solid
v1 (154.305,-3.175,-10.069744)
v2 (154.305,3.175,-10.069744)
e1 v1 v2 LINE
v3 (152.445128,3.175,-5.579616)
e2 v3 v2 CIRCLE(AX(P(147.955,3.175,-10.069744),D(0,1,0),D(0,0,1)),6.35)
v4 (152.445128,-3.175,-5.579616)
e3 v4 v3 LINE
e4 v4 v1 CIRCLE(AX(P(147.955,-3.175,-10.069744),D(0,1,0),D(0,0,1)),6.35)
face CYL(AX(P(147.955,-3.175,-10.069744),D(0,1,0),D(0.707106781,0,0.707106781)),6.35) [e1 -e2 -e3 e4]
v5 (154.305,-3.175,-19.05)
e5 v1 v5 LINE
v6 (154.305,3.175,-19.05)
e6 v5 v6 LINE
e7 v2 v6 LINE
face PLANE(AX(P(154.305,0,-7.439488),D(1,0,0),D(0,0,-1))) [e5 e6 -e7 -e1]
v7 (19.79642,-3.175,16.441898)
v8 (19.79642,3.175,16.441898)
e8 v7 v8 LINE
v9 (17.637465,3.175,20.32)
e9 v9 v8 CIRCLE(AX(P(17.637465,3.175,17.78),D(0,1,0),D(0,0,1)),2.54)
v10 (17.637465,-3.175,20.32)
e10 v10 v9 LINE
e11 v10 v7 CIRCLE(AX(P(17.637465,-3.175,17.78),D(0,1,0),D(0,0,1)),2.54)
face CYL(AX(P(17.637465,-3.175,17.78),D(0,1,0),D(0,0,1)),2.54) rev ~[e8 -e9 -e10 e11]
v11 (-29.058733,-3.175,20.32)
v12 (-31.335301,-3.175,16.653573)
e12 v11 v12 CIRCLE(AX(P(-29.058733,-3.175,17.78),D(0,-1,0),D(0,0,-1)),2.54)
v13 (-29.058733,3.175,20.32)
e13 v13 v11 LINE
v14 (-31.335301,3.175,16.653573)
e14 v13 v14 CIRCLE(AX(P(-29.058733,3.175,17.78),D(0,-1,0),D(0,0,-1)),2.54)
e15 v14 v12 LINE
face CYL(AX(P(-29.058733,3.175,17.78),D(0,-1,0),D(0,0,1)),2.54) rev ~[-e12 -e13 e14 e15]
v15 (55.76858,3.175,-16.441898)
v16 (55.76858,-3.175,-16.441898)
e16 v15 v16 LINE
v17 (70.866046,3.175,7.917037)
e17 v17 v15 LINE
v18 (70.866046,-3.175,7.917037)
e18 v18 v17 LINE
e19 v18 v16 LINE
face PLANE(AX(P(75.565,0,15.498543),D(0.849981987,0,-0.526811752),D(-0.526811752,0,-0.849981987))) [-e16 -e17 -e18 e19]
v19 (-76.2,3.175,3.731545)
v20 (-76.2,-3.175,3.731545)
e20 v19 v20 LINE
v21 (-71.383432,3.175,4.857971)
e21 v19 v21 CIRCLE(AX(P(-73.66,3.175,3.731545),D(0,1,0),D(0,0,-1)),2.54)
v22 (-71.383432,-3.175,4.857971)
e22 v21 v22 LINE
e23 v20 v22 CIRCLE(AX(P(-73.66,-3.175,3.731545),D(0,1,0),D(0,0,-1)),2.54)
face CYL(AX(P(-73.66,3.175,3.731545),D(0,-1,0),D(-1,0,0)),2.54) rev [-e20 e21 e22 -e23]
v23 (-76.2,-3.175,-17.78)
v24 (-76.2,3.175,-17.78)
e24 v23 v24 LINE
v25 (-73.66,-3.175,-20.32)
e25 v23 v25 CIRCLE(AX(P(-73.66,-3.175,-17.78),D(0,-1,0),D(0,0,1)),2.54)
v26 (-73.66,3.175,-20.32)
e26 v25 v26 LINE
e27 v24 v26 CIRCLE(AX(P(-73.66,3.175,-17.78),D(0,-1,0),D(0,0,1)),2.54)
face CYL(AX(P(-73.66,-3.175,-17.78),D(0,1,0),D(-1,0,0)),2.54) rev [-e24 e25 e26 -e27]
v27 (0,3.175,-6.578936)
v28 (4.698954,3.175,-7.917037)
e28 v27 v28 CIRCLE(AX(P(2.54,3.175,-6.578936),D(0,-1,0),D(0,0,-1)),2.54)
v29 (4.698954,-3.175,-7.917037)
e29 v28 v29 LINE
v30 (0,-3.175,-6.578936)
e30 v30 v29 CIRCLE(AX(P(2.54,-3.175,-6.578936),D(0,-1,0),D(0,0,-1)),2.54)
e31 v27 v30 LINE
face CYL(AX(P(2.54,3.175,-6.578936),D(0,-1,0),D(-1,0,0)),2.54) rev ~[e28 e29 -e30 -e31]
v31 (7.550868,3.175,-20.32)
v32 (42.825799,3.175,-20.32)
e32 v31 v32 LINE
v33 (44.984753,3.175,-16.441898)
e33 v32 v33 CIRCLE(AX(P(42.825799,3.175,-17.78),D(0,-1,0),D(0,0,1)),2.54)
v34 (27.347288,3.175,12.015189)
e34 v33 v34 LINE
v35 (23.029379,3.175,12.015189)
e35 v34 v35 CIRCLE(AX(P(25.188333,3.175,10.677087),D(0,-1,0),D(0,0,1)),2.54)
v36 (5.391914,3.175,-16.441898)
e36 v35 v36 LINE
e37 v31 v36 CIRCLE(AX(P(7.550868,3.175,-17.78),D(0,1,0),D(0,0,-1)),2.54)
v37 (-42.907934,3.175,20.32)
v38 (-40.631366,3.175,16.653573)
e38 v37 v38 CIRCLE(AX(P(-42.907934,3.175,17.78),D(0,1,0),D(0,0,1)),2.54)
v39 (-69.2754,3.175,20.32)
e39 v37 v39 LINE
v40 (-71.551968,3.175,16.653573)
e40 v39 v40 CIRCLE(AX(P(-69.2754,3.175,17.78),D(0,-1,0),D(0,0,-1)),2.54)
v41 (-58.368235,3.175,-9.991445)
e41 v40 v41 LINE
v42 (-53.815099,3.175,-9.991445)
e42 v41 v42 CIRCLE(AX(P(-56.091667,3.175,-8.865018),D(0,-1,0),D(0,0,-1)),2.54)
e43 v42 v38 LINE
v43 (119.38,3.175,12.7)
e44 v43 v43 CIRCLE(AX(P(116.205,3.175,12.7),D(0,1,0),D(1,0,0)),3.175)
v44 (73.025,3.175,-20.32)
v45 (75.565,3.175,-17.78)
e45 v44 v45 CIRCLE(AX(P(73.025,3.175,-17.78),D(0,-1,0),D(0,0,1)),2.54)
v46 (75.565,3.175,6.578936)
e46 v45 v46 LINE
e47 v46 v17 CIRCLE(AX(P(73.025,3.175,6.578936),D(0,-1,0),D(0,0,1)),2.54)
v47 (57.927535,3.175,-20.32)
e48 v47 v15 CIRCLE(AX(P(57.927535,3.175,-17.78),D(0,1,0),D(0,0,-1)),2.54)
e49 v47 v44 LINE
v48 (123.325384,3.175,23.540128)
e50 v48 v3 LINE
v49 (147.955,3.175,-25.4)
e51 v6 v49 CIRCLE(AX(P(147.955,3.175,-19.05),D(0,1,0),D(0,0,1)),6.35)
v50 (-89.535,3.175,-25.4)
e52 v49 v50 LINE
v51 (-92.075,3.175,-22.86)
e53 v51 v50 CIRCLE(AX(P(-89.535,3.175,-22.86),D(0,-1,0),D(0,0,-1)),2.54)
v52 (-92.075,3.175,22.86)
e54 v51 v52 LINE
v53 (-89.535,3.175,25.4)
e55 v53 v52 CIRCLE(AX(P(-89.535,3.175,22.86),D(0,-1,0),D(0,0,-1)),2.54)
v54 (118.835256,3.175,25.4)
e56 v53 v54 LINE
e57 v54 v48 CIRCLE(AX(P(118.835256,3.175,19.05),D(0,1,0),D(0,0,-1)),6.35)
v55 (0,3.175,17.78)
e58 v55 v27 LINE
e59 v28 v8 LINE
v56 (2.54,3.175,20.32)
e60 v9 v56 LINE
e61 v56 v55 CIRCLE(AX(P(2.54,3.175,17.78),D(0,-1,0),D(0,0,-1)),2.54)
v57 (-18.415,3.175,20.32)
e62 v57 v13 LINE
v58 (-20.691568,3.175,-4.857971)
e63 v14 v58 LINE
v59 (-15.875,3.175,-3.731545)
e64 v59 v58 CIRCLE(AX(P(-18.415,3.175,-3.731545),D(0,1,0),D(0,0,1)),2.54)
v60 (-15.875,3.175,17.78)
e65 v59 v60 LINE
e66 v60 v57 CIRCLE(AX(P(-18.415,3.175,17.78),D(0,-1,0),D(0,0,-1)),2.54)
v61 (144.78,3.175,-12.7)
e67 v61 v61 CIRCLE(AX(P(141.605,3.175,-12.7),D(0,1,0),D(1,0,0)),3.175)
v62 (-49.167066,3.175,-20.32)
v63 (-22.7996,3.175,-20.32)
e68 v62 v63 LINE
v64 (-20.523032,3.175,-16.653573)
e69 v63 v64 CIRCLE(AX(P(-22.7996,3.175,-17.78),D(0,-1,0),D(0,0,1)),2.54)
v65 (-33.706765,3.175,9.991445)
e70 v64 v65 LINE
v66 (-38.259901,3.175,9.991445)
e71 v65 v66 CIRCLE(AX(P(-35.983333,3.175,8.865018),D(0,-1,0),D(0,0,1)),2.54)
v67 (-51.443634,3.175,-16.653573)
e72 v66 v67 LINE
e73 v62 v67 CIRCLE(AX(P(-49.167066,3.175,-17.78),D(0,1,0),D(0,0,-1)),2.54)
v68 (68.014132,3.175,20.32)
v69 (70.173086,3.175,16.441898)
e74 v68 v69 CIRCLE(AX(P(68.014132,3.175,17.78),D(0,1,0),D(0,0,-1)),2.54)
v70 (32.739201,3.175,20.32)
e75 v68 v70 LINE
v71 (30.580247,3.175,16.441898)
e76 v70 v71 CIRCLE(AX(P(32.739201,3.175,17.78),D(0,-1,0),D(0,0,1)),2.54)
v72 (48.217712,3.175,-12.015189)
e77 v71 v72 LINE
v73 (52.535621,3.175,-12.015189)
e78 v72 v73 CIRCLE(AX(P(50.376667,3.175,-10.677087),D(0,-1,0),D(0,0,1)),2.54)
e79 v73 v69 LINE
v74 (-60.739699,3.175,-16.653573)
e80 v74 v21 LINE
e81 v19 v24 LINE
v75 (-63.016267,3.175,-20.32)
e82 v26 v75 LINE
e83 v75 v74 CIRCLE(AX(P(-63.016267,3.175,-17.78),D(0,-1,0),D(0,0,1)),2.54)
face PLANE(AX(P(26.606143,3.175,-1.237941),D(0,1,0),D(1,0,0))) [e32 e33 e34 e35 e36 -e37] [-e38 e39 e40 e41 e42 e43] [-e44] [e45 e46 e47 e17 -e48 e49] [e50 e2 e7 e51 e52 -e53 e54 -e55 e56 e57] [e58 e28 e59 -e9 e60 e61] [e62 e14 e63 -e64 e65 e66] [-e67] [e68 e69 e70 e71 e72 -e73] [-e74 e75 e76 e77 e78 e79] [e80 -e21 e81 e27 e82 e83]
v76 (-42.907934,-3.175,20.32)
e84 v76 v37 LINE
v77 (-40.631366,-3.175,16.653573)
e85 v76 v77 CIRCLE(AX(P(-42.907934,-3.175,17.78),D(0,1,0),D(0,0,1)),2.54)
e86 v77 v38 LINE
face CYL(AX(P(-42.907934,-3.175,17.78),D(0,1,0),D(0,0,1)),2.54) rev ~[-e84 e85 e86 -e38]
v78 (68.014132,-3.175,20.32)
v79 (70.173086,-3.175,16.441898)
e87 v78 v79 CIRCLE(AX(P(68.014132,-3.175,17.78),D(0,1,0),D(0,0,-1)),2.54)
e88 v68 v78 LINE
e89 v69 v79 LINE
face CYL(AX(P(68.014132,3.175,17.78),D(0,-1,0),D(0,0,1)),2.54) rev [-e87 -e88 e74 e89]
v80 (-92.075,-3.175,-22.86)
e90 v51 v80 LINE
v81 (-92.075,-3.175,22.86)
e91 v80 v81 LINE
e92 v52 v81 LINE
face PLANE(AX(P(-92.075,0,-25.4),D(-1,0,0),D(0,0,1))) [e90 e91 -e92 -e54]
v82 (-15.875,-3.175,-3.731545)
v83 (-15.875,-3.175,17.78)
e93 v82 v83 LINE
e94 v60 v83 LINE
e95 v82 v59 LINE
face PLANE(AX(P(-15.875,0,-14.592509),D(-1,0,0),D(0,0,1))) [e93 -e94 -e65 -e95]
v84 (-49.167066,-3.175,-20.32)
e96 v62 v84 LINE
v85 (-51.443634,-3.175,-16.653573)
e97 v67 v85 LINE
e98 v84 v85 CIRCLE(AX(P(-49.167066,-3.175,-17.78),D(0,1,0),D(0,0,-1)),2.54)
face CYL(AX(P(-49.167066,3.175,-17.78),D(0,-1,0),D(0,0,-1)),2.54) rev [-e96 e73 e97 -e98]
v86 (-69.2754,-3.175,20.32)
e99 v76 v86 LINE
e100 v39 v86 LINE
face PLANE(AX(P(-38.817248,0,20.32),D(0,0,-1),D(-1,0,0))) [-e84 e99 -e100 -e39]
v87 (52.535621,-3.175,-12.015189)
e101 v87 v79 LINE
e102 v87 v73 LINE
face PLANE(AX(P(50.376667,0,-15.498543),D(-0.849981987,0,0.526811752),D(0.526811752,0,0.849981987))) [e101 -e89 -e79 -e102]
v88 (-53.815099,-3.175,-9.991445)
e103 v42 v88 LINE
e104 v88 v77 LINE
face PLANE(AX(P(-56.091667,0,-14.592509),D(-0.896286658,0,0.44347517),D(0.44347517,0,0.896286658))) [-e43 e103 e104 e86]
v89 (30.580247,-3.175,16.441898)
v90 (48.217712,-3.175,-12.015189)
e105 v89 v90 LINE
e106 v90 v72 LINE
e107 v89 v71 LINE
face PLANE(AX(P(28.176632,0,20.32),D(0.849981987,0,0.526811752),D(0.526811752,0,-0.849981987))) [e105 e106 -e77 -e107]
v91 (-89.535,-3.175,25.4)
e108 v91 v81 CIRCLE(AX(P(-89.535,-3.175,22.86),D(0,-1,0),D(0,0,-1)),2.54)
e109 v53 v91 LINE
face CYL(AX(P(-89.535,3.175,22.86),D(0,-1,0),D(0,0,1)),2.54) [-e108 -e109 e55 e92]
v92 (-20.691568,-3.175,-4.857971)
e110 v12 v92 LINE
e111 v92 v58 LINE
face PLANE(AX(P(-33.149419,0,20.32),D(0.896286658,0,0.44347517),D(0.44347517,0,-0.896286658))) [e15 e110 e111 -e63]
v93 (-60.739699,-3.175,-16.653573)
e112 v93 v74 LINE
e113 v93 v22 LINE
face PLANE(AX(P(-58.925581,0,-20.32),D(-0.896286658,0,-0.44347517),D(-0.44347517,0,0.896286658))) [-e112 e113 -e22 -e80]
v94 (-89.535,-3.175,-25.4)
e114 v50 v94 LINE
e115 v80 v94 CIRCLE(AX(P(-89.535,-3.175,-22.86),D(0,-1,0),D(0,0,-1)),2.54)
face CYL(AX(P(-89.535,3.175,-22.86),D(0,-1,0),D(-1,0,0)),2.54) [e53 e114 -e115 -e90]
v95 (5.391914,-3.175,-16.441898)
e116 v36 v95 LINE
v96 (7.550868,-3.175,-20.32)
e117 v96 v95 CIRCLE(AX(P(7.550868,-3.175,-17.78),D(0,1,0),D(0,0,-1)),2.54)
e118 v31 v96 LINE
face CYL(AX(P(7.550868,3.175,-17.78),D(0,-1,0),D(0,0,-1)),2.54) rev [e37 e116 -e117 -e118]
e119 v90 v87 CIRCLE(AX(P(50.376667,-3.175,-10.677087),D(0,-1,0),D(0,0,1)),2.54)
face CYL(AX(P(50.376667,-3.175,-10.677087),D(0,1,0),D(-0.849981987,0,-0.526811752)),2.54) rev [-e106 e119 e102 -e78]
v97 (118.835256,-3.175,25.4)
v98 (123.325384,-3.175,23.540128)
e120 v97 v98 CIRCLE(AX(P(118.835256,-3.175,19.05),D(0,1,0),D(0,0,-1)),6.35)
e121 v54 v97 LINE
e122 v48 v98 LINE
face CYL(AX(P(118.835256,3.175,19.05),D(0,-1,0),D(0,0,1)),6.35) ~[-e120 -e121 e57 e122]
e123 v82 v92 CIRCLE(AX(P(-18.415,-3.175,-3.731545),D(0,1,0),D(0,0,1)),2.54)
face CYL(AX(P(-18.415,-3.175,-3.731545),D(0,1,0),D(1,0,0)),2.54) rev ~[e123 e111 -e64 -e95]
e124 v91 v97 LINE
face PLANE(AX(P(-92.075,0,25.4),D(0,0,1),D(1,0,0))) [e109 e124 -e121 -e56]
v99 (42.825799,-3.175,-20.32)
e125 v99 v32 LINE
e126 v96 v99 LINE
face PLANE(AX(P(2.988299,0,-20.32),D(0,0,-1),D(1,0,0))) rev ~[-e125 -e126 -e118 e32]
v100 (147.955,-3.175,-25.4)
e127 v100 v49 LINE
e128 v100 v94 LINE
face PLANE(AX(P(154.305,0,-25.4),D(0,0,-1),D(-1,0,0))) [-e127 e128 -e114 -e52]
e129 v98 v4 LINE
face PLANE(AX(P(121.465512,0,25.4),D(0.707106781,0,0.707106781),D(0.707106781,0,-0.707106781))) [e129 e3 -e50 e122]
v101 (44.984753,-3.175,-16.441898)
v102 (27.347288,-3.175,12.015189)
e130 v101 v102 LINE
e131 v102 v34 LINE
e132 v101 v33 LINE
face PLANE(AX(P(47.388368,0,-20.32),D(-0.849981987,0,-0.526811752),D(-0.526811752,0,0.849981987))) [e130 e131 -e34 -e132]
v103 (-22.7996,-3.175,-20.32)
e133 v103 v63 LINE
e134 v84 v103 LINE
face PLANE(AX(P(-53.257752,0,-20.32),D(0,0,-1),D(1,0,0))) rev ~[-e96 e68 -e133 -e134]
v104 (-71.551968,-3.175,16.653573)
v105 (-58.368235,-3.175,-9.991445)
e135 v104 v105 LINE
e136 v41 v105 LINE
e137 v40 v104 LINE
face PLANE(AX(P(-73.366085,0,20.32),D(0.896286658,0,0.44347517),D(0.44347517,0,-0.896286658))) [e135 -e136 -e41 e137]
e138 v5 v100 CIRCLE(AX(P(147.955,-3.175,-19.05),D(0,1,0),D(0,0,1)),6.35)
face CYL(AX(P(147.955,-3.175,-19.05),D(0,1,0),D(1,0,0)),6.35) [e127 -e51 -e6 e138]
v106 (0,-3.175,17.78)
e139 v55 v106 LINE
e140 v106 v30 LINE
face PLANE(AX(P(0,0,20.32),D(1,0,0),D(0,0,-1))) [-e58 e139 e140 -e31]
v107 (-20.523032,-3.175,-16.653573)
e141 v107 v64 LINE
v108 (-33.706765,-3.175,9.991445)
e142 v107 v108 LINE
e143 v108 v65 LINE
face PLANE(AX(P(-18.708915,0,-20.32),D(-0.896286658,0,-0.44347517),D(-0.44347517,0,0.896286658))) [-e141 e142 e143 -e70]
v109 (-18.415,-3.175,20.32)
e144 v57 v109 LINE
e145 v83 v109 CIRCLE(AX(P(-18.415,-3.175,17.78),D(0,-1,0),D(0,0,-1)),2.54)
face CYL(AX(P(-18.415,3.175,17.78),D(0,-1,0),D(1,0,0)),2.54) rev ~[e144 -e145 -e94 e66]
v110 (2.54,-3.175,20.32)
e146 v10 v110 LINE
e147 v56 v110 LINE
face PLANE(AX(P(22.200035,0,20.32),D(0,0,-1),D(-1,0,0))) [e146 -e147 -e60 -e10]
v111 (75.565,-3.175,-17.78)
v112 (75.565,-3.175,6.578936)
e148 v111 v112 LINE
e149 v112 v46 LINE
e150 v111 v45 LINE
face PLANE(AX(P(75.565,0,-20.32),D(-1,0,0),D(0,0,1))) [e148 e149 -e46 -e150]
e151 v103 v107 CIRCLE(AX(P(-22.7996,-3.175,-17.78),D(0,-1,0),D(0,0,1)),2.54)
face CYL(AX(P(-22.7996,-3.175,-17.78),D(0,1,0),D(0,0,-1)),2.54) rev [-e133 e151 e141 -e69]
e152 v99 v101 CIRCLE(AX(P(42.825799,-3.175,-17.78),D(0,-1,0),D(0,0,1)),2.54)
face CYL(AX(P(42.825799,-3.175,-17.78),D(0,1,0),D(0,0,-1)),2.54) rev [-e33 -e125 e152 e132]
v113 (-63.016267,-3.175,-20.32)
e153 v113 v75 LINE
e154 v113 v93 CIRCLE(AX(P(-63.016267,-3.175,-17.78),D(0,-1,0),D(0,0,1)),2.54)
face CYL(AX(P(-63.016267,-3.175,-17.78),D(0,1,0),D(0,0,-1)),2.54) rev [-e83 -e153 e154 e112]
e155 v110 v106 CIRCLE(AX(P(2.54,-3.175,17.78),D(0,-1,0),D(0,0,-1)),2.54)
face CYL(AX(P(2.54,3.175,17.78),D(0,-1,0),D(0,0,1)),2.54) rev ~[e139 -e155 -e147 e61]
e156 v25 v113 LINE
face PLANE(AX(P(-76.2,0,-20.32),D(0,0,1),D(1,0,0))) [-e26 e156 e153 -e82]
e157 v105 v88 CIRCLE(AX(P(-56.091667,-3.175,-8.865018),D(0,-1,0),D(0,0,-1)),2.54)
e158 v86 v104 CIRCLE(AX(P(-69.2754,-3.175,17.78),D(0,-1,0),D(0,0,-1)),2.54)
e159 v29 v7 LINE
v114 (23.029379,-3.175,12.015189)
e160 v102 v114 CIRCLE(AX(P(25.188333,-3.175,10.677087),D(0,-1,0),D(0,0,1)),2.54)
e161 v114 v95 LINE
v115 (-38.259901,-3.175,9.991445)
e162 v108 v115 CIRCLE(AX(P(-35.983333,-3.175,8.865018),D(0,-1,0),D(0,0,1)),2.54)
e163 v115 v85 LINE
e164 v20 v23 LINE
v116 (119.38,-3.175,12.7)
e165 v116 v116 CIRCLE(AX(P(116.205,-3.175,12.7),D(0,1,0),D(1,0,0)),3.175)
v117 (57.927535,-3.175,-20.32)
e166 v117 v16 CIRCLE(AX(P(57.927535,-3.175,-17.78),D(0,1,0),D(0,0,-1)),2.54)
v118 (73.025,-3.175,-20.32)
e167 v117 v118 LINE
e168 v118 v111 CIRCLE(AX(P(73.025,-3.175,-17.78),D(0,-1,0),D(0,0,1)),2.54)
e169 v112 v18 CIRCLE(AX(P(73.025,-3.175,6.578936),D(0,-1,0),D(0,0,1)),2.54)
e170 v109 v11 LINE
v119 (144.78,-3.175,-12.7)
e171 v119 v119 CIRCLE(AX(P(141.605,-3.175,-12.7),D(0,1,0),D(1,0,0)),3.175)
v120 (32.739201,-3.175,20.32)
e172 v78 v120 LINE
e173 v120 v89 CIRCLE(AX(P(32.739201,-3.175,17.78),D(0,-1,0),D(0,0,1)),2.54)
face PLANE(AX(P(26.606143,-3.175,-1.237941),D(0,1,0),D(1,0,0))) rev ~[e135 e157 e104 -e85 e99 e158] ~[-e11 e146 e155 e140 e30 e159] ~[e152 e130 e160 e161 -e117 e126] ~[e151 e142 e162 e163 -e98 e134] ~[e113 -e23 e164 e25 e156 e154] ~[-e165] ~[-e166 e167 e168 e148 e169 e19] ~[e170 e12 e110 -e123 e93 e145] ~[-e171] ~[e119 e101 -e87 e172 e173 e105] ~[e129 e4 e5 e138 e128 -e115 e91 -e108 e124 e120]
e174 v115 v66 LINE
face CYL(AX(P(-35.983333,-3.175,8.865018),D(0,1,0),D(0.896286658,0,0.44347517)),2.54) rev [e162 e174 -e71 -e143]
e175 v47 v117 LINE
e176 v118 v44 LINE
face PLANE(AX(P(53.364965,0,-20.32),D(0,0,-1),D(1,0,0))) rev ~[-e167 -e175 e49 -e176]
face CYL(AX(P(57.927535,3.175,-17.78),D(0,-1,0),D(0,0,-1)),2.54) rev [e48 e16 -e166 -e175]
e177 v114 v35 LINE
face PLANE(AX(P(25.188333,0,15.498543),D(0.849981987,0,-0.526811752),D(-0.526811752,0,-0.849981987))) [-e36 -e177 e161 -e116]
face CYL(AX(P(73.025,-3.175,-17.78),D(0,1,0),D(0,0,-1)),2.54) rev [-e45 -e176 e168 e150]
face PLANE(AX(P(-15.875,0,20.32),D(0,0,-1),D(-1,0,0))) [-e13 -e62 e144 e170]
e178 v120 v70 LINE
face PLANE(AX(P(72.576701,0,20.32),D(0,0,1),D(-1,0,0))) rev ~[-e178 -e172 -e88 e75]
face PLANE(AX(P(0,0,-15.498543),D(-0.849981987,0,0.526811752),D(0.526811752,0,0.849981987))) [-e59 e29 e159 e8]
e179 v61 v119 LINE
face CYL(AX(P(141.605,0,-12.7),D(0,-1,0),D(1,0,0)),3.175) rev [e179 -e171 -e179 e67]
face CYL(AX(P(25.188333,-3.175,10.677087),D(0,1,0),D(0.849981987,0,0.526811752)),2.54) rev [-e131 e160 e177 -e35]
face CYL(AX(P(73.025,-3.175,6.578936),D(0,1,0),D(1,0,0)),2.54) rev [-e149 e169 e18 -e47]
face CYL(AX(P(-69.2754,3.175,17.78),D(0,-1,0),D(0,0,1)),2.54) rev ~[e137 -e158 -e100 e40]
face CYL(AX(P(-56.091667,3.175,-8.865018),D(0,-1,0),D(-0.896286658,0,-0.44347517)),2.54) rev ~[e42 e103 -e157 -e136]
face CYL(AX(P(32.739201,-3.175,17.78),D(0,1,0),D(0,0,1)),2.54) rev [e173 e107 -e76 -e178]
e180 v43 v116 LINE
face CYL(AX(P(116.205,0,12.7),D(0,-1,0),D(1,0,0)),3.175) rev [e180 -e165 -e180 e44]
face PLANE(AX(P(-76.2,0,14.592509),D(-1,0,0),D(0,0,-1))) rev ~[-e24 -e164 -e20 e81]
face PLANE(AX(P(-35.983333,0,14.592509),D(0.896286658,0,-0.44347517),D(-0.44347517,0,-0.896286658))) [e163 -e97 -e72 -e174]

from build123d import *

# Parameters (mm, degrees)
SKETCH1_R           = 3.175
BOSS_EXTRUDE1_DEPTH = 3.175
FILLET1_R           = 2.54
FILLET2_R           = 6.35


with BuildPart() as part:
    # Sketch1 → Boss-Extrude1 (new body, symmetric)
    with BuildSketch(Plane(origin=(0, 0, 0), x_dir=(1, 0, 0), z_dir=(0, 1, 0))):
        Polygon((121.465512242, -25.4), (154.305, 7.439487758), (154.305, 25.4), (-92.075, 25.4), (-92.075, -25.4), align=None)
        Polygon((-38.817248104, -20.32), (-73.366085229, -20.32), (-56.091666667, 14.592509095), align=None, mode=Mode.SUBTRACT)
        Polygon((-15.875, 14.592509095), (-15.875, -20.32), (-33.149418563, -20.32), align=None, mode=Mode.SUBTRACT)
        Polygon((22.200034711, -20.32), (0, -20.32), (0, 15.498543399), align=None, mode=Mode.SUBTRACT)
        with Locations((116.205, -12.7)):
            Circle(SKETCH1_R, mode=Mode.SUBTRACT)
        Polygon((72.576701378, -20.32), (28.176631956, -20.32), (50.376666667, 15.498543399), align=None, mode=Mode.SUBTRACT)
        Polygon((53.364965289, 20.32), (75.565, 20.32), (75.565, -15.498543399), align=None, mode=Mode.SUBTRACT)
        Polygon((-76.2, -14.592509095), (-76.2, 20.32), (-58.925581437, 20.32), align=None, mode=Mode.SUBTRACT)
        Polygon((-53.257751896, 20.32), (-18.708914771, 20.32), (-35.983333333, -14.592509095), align=None, mode=Mode.SUBTRACT)
        Polygon((2.988298622, 20.32), (47.388368044, 20.32), (25.188333333, -15.498543399), align=None, mode=Mode.SUBTRACT)
        with Locations((141.605, 12.7)):
            Circle(SKETCH1_R, mode=Mode.SUBTRACT)
    extrude(amount=BOSS_EXTRUDE1_DEPTH, both=True)

    # Fillet1
    fillet1_edges = [part.edges().sort_by_distance(p)[0] for p in [
        (-76.2, 0, -20.32),
        (-76.2, 0, 14.592509095),
        (-58.925581437, 0, -20.32),
        (2.988298622, 0, -20.32),
        (25.188333333, 0, 15.498543399),
        (47.388368044, 0, -20.32),
        (0, 0, -15.498543399),
        (0, 0, 20.32),
        (22.200034711, 0, 20.32),
        (72.576701378, 0, 20.32),
        (50.376666667, 0, -15.498543399),
        (28.176631956, 0, 20.32),
        (75.565, 0, 15.498543399),
        (75.565, 0, -20.32),
        (53.364965289, 0, -20.32),
        (-15.875, 0, 20.32),
        (-15.875, 0, -14.592509095),
        (-33.149418563, 0, 20.32),
        (-35.983333333, 0, 14.592509095),
        (-18.708914771, 0, -20.32),
        (-53.257751896, 0, -20.32),
        (-92.075, 0, 25.4),
        (-92.075, 0, -25.4),
        (-38.817248104, 0, 20.32),
        (-56.091666667, 0, -14.592509095),
        (-73.366085229, 0, 20.32),
    ]]
    fillet(fillet1_edges, radius=FILLET1_R)

    # Fillet2
    fillet2_edges = [part.edges().sort_by_distance(p)[0] for p in [
        (154.305, 0, -25.4),
        (154.305, 0, -7.439487758),
        (121.465512242, 0, 25.4),
    ]]
    fillet(fillet2_edges, radius=FILLET2_R)


solid = part.part
